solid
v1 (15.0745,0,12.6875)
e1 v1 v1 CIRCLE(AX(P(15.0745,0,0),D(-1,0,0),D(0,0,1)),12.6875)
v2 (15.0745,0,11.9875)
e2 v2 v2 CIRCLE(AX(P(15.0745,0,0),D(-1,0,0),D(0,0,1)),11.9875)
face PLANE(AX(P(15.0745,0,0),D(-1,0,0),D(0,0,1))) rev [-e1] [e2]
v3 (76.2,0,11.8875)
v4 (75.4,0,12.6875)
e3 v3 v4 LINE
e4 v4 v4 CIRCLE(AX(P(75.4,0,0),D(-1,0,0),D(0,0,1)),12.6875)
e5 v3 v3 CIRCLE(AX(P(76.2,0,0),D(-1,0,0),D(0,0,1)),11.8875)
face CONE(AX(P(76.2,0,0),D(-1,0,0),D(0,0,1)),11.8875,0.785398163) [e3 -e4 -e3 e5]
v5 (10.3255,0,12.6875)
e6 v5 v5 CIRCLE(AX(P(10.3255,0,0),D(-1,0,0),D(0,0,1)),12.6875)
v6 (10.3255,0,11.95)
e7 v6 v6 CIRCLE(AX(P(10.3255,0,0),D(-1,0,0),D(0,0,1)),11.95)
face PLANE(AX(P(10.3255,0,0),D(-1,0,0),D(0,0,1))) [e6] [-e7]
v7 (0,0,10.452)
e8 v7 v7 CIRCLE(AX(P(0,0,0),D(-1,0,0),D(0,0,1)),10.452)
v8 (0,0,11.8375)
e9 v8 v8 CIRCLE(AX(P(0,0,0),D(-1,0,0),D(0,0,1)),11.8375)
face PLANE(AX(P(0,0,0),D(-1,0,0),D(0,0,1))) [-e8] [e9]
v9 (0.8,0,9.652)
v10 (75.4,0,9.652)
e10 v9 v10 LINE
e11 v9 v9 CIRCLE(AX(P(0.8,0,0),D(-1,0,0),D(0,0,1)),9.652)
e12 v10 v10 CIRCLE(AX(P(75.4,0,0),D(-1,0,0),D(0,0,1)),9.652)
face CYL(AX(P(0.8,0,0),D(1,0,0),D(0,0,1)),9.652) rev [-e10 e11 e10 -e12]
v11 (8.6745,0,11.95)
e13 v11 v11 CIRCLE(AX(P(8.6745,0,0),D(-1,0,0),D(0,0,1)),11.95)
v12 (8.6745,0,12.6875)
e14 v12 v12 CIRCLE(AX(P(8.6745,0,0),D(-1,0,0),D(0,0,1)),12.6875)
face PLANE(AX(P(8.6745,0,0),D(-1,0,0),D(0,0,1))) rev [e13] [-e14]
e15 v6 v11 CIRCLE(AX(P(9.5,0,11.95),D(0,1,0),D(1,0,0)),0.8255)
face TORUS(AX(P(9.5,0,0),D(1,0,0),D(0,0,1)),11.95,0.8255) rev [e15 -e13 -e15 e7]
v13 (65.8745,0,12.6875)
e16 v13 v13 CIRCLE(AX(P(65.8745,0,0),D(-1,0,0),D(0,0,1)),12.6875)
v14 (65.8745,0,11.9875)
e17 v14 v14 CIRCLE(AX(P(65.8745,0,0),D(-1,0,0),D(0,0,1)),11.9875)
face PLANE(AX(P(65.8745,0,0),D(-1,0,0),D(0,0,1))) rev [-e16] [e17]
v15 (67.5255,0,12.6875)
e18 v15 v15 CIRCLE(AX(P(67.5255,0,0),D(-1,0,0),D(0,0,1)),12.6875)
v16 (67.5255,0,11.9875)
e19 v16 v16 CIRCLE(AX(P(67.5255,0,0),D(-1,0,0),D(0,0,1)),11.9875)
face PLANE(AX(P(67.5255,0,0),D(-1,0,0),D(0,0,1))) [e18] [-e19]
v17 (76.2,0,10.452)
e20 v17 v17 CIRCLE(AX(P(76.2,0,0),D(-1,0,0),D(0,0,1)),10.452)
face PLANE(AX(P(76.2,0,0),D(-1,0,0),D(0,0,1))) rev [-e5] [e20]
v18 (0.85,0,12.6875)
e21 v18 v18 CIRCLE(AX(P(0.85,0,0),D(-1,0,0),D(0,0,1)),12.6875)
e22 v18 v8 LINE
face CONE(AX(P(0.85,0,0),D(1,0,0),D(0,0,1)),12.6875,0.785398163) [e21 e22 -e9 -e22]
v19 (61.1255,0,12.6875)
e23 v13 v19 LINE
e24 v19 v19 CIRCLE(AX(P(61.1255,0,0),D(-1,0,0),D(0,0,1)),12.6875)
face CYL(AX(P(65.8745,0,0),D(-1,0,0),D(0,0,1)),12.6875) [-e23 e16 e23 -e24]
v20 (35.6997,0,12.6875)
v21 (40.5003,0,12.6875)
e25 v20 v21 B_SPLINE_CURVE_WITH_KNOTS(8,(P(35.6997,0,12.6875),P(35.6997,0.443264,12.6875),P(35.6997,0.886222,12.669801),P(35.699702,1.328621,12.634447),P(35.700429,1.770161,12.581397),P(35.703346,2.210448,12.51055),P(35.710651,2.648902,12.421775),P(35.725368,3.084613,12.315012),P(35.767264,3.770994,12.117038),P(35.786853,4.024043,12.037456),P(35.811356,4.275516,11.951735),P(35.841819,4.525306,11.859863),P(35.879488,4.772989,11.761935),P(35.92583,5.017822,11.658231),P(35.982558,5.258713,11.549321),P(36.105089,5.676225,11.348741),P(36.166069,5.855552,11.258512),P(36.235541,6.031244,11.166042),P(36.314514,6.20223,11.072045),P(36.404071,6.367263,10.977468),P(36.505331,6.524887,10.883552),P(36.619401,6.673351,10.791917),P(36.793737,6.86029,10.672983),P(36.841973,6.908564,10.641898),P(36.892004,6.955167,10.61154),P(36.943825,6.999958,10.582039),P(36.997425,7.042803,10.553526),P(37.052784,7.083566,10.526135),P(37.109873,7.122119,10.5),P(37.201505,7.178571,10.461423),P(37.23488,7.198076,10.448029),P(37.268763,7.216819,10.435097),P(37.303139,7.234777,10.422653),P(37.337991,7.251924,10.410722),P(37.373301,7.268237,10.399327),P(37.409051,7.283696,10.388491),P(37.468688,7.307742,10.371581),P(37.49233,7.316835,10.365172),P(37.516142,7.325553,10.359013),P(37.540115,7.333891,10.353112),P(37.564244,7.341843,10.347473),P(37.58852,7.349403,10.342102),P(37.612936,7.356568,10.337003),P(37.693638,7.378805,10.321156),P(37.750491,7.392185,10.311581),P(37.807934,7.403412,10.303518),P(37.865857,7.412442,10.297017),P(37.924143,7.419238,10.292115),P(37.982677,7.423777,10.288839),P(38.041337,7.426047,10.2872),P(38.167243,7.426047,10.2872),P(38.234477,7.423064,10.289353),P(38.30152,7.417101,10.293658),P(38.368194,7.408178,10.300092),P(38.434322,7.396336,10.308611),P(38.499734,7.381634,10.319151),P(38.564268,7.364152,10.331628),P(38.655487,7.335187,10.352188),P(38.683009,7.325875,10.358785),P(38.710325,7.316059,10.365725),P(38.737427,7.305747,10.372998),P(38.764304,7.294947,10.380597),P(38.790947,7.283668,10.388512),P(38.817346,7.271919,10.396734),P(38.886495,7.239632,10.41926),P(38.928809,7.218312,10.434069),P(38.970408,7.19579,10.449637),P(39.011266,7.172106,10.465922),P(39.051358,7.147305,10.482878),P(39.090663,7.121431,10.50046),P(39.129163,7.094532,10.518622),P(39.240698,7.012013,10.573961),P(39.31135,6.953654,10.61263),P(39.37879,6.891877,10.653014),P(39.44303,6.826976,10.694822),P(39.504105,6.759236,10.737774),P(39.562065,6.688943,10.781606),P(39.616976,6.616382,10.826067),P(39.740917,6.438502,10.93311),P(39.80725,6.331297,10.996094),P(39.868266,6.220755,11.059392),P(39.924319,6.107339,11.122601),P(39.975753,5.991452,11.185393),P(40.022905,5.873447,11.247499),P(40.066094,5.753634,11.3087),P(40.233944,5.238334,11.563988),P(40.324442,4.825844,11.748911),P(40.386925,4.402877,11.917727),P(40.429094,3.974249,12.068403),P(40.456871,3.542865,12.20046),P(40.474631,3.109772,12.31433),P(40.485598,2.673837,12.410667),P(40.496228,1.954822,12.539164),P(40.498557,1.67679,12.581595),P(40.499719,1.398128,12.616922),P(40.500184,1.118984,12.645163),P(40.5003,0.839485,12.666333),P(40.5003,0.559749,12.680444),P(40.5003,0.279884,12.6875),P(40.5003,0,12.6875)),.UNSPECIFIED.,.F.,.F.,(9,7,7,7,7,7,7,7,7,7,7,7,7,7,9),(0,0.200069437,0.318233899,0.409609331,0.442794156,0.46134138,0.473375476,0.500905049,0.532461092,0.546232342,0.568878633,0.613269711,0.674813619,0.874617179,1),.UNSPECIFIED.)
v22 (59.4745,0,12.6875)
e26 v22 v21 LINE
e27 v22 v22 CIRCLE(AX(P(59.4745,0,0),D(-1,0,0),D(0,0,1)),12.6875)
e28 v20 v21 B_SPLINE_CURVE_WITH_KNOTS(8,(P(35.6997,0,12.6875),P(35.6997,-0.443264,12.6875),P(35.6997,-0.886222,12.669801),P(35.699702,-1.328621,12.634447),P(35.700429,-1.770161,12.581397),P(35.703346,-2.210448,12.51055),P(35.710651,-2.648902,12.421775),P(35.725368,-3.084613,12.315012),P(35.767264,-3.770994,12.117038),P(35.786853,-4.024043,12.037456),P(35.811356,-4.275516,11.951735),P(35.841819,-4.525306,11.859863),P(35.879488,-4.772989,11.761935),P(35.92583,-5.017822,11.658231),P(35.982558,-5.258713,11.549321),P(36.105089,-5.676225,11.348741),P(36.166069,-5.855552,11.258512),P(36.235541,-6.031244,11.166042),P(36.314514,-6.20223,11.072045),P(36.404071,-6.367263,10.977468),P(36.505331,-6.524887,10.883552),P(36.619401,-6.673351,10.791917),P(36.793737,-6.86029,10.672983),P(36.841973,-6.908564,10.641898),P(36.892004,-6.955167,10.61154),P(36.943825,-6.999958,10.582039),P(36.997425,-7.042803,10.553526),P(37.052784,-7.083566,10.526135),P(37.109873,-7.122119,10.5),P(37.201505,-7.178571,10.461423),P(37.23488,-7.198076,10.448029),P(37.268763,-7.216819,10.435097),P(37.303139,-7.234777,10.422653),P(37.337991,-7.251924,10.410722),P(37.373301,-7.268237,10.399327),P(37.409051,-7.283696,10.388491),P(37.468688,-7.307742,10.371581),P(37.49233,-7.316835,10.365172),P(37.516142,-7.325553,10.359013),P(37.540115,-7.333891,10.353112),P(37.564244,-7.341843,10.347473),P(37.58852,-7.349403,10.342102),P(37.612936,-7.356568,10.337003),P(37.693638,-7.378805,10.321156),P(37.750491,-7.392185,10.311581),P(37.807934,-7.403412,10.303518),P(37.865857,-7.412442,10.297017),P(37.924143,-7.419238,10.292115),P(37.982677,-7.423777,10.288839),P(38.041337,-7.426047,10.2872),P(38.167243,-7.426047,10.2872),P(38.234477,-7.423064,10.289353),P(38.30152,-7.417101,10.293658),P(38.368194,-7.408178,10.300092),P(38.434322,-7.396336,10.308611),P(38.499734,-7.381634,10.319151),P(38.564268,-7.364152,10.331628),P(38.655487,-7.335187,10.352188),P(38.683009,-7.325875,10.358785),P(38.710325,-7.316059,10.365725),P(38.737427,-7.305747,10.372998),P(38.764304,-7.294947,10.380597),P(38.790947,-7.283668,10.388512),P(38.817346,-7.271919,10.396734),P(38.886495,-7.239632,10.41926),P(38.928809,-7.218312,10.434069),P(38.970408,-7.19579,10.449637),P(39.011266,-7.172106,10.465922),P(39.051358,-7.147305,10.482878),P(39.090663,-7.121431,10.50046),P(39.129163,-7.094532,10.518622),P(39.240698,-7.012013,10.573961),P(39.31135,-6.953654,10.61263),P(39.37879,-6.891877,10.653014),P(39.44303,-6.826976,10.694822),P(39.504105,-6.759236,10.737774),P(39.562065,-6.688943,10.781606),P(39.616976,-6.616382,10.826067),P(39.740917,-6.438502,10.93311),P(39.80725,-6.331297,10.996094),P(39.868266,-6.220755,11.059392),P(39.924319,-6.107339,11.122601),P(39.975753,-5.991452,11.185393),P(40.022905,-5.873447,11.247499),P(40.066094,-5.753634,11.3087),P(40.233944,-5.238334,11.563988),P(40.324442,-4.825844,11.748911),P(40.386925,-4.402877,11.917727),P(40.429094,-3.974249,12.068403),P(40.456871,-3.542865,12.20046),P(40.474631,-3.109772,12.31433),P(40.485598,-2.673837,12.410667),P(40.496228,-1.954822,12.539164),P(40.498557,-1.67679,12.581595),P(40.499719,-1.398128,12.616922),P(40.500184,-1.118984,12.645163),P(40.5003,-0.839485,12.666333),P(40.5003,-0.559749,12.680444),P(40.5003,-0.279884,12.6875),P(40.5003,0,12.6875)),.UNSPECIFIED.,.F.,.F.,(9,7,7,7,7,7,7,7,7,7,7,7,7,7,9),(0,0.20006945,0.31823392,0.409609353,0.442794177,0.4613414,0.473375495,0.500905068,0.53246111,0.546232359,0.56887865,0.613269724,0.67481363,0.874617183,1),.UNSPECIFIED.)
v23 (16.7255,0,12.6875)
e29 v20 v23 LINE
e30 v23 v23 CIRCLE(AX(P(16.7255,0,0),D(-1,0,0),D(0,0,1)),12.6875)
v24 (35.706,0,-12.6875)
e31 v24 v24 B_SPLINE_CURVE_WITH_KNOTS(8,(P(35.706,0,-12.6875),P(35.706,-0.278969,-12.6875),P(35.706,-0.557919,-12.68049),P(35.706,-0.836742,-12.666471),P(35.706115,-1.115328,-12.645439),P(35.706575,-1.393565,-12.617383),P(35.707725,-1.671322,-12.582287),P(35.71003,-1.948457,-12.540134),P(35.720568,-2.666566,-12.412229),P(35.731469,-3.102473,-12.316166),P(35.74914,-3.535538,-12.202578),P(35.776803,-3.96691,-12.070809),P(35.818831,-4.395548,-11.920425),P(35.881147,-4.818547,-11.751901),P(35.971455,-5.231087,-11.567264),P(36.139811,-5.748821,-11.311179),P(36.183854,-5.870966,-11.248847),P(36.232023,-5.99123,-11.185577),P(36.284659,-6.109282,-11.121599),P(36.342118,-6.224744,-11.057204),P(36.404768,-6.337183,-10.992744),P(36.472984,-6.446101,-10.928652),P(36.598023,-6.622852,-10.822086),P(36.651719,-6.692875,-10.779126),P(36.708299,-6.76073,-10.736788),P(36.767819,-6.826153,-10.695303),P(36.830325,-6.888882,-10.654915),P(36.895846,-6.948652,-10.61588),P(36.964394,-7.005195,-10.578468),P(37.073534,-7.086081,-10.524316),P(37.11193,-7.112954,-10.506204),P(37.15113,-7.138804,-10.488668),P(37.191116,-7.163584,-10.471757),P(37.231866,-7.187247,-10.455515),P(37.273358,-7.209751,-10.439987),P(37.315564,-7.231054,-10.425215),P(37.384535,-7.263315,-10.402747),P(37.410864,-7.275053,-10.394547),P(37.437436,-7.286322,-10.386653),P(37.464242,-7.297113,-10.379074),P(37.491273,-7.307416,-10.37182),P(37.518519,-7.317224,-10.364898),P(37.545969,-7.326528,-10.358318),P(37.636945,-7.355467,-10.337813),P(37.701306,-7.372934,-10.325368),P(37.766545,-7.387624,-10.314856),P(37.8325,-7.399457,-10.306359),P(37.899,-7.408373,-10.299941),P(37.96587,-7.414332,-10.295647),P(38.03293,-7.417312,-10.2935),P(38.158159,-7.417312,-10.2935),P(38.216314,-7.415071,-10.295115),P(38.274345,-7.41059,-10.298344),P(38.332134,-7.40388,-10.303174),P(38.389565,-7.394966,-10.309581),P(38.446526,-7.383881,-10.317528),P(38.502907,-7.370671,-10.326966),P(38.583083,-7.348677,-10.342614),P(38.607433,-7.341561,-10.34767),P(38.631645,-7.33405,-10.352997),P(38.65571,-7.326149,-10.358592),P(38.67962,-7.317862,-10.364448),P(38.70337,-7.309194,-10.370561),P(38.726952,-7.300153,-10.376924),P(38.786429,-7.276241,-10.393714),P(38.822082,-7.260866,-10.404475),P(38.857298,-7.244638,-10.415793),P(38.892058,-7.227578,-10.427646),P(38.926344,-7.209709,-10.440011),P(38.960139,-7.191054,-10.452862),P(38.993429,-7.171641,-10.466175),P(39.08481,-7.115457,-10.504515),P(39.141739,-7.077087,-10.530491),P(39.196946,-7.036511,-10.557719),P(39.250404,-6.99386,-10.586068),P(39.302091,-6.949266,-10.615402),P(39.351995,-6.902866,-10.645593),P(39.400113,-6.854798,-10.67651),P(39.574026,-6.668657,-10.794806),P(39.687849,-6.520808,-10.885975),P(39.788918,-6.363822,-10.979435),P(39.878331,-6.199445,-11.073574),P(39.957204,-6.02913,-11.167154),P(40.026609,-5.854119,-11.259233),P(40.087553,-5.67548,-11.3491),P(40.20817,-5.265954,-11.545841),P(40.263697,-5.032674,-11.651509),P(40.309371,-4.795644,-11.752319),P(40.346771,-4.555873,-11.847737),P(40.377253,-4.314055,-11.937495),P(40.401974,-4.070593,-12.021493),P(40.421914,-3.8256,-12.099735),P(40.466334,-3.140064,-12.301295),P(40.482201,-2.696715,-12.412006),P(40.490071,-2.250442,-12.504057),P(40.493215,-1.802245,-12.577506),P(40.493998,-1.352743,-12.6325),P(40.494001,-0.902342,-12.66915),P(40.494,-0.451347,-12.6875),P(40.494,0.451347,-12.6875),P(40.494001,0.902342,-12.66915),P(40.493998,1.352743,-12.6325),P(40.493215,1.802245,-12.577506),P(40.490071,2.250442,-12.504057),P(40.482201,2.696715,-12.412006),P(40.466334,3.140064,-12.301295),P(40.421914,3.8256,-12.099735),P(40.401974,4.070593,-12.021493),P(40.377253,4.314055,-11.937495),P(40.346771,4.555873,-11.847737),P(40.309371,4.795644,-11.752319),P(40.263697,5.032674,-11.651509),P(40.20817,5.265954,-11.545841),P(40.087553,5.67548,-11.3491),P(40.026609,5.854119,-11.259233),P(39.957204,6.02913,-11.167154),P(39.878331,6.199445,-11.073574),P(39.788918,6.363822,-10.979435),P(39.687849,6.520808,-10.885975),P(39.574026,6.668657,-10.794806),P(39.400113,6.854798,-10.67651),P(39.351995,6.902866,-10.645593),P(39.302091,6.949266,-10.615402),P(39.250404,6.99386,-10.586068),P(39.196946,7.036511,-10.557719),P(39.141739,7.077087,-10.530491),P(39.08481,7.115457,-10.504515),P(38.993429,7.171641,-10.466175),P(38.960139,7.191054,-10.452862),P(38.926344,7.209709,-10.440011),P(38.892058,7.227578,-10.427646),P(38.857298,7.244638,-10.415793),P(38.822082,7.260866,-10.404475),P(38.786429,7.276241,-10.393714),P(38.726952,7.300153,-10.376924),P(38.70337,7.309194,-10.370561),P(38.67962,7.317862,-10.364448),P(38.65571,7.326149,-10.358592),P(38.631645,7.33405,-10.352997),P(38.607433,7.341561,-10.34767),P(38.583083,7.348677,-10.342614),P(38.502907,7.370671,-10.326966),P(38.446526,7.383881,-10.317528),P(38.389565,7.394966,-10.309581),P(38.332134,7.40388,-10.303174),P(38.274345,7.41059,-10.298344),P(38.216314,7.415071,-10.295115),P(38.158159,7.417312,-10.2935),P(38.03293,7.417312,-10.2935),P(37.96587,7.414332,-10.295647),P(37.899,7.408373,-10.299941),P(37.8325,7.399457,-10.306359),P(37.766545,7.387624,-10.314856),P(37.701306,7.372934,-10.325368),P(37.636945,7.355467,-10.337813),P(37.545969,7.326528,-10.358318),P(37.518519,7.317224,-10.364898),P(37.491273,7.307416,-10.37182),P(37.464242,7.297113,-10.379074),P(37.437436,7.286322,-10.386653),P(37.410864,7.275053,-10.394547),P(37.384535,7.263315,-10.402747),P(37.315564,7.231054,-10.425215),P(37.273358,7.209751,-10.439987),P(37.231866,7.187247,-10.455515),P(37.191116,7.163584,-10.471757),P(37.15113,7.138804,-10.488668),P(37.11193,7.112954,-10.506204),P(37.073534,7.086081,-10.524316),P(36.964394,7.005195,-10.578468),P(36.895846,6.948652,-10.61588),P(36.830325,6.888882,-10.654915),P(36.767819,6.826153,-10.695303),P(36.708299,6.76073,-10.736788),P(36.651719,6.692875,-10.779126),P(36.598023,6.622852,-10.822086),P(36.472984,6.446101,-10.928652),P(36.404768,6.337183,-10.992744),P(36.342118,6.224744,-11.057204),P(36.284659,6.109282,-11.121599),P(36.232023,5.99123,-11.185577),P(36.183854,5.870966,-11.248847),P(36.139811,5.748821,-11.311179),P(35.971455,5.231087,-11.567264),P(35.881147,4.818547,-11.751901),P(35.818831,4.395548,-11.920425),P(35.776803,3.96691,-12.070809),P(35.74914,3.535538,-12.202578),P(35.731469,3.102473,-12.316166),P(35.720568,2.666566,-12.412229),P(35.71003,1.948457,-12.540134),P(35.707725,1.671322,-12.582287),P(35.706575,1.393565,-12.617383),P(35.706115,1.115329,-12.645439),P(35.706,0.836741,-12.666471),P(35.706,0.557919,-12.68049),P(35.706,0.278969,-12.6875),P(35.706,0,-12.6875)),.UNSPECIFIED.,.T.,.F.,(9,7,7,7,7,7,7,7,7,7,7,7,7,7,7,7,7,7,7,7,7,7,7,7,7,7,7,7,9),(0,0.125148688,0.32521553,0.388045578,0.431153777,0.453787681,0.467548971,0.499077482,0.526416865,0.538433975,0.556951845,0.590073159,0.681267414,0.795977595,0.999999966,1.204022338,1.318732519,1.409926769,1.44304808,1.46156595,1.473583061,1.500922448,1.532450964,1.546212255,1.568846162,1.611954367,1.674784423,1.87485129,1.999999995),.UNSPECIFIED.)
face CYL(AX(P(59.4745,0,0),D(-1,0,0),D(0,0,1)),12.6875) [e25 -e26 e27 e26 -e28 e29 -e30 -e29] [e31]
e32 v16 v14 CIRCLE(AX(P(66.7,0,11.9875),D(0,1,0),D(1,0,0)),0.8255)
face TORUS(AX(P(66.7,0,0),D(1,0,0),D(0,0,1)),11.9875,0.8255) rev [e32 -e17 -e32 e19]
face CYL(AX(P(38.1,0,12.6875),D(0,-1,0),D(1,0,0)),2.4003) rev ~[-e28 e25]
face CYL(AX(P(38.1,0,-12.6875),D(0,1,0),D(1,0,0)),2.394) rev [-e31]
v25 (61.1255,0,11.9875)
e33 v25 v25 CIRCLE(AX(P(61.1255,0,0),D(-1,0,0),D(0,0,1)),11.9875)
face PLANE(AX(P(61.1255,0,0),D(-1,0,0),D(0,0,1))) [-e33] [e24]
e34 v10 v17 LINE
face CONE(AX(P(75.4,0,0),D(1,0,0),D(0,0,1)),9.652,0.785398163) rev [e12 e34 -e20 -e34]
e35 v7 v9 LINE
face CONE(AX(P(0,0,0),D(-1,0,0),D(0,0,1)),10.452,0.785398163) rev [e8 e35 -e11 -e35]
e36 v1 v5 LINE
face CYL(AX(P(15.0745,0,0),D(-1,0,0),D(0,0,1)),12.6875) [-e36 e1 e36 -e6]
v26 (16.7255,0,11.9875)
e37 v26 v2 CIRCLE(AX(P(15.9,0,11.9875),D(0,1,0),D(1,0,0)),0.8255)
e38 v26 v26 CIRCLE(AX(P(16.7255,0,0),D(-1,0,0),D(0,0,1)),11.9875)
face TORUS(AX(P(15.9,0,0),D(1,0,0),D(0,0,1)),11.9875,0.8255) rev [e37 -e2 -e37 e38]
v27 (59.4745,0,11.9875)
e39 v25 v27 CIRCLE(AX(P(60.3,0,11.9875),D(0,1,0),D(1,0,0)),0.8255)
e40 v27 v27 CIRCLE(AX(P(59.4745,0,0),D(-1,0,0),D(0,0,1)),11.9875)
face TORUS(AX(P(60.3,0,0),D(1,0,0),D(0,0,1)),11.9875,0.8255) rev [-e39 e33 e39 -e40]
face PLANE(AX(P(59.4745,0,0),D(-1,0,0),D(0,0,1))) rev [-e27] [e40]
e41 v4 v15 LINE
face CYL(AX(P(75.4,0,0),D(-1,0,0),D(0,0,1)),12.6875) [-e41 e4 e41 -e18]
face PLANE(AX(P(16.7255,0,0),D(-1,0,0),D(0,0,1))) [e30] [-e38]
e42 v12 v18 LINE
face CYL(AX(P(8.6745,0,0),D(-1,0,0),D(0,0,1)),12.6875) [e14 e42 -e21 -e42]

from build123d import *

# Parameters (mm, degrees)
F2_R          = 2.4003
F2_R_2        = 2.394
F3_DEPTH      = 12.6885
F3_DEPTH_BACK = 12.6885


with BuildPart() as f1:
    # F0 (on Front) → F1 (revolve)
    with BuildSketch(Plane.XZ):
        with BuildLine():
            Line((0, 11.8375), (0, 10.452))
            Line((0, 10.452), (0.8, 9.652))
            Line((0.8, 9.652), (75.4, 9.652))
            Line((75.4, 9.652), (76.2, 10.452))
            Line((76.2, 10.452), (76.2, 11.8875))
            Line((76.2, 11.8875), (75.4, 12.6875))
            Line((75.4, 12.6875), (67.5255, 12.6875))
            Line((67.5255, 12.6875), (67.5255, 11.9875))
            ThreePointArc((67.5255, 11.9875), (66.7, 11.162), (65.8745, 11.9875))
            Line((65.8745, 11.9875), (65.8745, 12.6875))
            Line((65.8745, 12.6875), (61.1255, 12.6875))
            Line((61.1255, 12.6875), (61.1255, 11.9875))
            ThreePointArc((61.1255, 11.9875), (60.3, 11.162), (59.4745, 11.9875))
            Line((59.4745, 11.9875), (59.4745, 12.6875))
            Line((59.4745, 12.6875), (40.5575, 12.6875))
            Line((40.5575, 12.6875), (35.6425, 12.6875))
            Line((35.6425, 12.6875), (16.7255, 12.6875))
            Line((16.7255, 12.6875), (16.7255, 11.9875))
            ThreePointArc((16.7255, 11.9875), (15.9, 11.162), (15.0745, 11.9875))
            Line((15.0745, 11.9875), (15.0745, 12.6875))
            Line((15.0745, 12.6875), (10.3255, 12.6875))
            Line((10.3255, 12.6875), (10.3255, 11.95))
            ThreePointArc((10.3255, 11.95), (9.5, 11.1245), (8.6745, 11.95))
            Line((8.6745, 11.95), (8.6745, 12.6875))
            Line((8.6745, 12.6875), (0.85, 12.6875))
            Line((0.85, 12.6875), (0, 11.8375))
        make_face()
    revolve(axis=Axis((-30.9017514117, 0, 0), (-1, 0, 0)))

    # F2 (on Front) → F3 (cut, two sides)
    with BuildSketch(Plane.XZ) as f3_sk:
        with Locations((38.1, 12.6875)):
            Circle(F2_R)
        with Locations((38.1, -12.6875)):
            Circle(F2_R_2)
    extrude(amount=-F3_DEPTH, mode=Mode.SUBTRACT)
    extrude(f3_sk.sketch, amount=F3_DEPTH_BACK, mode=Mode.SUBTRACT)


solid = f1.part
